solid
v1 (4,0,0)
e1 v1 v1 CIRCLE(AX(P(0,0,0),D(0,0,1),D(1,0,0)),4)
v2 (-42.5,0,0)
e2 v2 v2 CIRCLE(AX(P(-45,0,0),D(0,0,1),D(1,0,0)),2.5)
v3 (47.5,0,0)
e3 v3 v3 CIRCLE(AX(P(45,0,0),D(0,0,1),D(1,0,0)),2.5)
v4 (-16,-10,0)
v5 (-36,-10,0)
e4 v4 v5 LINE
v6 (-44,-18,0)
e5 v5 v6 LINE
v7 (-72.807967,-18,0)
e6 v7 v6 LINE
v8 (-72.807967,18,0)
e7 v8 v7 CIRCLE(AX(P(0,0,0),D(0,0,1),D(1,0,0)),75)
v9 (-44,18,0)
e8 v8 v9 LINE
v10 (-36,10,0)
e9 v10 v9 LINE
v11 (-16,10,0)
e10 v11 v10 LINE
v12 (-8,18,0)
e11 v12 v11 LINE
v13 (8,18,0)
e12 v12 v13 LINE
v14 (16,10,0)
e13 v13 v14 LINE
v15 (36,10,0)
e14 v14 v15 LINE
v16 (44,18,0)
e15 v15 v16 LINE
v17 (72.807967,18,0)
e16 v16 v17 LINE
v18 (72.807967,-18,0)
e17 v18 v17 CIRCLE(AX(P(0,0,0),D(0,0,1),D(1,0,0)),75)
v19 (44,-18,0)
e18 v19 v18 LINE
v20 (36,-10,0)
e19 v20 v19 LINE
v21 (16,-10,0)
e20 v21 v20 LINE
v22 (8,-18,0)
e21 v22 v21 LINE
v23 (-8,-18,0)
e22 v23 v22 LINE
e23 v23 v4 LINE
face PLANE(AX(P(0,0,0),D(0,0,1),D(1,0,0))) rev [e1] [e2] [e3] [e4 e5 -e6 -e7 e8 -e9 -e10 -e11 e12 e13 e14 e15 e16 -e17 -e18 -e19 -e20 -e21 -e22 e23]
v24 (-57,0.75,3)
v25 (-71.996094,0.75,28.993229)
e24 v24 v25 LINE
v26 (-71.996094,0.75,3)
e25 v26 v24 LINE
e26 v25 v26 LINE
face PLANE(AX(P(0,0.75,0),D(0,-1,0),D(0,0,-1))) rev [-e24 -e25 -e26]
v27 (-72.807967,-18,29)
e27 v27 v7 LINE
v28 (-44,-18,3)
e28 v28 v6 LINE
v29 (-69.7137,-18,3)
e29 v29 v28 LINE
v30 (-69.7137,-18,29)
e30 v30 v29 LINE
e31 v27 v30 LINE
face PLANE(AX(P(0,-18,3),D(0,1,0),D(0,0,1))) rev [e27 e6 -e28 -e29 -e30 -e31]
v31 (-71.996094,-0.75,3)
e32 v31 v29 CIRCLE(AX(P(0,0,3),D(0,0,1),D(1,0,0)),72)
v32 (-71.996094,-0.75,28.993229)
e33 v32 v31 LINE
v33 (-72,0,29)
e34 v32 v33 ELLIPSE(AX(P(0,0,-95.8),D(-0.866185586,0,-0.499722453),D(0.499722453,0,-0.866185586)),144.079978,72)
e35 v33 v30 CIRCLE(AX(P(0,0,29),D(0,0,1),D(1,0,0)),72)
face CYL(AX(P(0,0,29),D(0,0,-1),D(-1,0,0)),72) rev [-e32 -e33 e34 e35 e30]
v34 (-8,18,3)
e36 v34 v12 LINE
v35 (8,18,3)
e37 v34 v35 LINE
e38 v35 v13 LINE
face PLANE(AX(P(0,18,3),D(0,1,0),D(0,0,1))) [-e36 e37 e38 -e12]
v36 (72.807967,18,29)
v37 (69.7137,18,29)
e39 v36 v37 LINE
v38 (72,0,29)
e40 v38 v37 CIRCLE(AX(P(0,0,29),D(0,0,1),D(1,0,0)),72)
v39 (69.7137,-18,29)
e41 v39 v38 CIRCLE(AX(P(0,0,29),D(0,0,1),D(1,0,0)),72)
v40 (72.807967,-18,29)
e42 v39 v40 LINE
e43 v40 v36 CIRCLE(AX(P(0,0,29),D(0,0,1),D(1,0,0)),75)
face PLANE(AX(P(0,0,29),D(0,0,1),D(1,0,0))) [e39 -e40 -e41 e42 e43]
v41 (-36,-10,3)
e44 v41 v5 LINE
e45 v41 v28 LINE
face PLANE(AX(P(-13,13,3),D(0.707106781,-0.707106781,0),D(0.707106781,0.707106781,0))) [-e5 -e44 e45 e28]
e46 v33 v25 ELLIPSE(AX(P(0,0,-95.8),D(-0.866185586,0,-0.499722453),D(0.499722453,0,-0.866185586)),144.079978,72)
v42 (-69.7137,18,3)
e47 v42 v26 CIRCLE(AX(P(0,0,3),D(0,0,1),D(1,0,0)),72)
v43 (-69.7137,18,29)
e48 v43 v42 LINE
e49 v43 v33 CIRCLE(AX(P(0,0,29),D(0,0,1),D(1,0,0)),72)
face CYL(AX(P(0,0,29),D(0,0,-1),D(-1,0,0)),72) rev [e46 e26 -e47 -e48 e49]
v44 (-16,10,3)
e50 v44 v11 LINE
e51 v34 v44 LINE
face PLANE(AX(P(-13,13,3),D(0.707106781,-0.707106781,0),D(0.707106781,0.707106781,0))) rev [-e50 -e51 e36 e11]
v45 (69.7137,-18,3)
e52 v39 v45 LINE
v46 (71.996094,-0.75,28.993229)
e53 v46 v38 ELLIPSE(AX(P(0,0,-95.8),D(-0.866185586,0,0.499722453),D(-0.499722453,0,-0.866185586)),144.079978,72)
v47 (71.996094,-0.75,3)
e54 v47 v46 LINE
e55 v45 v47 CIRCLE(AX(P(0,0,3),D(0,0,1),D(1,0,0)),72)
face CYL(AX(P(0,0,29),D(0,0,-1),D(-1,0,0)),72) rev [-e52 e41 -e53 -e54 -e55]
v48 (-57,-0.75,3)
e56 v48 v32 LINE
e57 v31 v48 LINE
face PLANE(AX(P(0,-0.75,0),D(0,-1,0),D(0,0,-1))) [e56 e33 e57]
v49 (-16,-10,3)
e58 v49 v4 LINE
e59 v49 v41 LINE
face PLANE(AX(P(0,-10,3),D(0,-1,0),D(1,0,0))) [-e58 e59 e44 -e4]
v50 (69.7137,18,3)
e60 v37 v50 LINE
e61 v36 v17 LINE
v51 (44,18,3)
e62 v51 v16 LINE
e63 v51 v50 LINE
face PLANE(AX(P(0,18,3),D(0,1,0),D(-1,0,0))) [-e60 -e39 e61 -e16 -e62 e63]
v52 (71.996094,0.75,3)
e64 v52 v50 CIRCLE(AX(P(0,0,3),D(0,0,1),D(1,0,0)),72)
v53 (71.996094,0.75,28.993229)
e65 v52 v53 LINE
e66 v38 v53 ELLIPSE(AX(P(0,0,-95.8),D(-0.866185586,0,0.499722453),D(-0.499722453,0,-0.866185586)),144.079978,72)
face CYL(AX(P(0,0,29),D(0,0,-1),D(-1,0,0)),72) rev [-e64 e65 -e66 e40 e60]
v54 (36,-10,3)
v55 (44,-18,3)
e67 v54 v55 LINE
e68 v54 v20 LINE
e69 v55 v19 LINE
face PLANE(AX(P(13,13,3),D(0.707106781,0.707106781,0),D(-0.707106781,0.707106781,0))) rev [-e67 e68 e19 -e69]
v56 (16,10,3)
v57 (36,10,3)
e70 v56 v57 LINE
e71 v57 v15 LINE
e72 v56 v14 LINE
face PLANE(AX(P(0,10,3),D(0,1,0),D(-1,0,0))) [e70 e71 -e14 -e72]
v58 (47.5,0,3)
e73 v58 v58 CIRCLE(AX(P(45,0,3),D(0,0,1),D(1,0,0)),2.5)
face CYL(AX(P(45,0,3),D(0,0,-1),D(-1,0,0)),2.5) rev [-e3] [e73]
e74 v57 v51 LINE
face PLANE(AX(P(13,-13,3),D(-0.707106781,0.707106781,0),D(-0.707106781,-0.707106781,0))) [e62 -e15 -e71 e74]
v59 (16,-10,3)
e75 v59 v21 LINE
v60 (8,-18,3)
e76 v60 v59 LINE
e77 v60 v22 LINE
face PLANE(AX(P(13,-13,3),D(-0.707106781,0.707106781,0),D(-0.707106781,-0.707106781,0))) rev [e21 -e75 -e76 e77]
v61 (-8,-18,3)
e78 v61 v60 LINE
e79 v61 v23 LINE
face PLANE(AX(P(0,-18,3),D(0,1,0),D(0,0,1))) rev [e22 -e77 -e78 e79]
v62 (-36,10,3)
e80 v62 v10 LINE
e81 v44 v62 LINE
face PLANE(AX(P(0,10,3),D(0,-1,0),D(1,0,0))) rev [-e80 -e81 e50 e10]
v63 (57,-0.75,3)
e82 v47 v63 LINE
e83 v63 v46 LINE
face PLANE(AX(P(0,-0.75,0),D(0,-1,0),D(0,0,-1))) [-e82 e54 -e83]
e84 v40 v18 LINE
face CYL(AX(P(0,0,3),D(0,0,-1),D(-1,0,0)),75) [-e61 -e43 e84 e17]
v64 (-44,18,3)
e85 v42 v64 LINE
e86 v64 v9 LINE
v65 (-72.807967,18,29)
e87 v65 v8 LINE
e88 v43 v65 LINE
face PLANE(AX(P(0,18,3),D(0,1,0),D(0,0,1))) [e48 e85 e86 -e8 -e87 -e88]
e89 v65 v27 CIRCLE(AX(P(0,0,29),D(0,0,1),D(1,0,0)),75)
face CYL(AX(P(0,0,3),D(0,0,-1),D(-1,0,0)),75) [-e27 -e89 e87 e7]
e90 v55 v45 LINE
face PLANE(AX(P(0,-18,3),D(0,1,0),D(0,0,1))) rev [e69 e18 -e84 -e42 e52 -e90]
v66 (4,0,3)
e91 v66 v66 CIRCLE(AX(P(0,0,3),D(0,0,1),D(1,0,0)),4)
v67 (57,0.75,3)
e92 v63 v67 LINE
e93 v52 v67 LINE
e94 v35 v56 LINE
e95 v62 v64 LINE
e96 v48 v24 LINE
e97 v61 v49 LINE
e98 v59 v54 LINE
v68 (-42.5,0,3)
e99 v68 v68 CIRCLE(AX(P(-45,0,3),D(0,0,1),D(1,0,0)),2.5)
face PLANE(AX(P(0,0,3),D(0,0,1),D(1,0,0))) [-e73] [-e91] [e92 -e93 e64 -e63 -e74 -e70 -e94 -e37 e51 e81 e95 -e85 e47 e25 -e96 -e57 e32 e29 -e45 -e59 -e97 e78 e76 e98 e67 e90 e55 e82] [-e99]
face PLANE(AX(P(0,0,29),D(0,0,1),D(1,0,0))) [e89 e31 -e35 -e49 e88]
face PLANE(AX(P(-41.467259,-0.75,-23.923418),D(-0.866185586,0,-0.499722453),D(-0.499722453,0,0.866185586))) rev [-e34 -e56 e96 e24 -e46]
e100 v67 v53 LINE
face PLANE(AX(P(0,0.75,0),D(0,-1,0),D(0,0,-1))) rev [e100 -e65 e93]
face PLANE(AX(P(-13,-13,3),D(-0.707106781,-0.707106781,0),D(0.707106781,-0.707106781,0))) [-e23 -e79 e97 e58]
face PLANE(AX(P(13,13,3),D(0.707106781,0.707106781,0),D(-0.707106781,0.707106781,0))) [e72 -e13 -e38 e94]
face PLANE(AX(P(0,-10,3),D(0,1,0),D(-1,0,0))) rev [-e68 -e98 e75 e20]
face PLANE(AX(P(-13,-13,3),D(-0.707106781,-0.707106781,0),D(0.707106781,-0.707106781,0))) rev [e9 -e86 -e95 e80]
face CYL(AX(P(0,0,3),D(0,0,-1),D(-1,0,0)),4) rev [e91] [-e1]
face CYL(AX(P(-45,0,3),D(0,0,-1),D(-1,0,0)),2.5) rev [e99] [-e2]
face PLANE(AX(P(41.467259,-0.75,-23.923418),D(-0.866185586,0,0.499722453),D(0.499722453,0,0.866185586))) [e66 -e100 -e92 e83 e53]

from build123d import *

# Parameters (mm, degrees)
SKETCH1_R           = 2.5
SKETCH1_R_2         = 4
BOSS_EXTRUDE1_DEPTH = 3
BOSS_EXTRUDE2_DEPTH = 26
BOSS_EXTRUDE3_DEPTH = 0.75


with BuildPart() as part:
    # Sketch1 → Boss-Extrude1 (new body)
    with BuildSketch(Plane.XY):
        with BuildLine():
            Line((-44, 18), (-72.807966597, 18))
            ThreePointArc((-72.807966597, 18), (-75, 0), (-72.807966597, -18))
            Line((-72.807966597, -18), (-44, -18))
            Line((-44, -18), (-36, -10))
            Line((-36, -10), (-16, -10))
            Line((-16, -10), (-8, -18))
            Line((-8, -18), (8, -18))
            Line((8, -18), (16, -10))
            Line((16, -10), (36, -10))
            Line((36, -10), (44, -18))
            Line((44, -18), (72.807966597, -18))
            ThreePointArc((72.807966597, -18), (74.449974798, -9.066490645), (75, 0))
            ThreePointArc((75, 0), (74.449974798, 9.066490645), (72.807966597, 18))
            Line((72.807966597, 18), (44, 18))
            Line((44, 18), (36, 10))
            Line((36, 10), (16, 10))
            Line((16, 10), (8, 18))
            Line((8, 18), (-8, 18))
            Line((-8, 18), (-16, 10))
            Line((-16, 10), (-36, 10))
            Line((-36, 10), (-44, 18))
        make_face()
        with Locations((-45, 0)):
            Circle(SKETCH1_R, mode=Mode.SUBTRACT)
        Circle(SKETCH1_R_2, mode=Mode.SUBTRACT)
        with Locations((45, 0)):
            Circle(SKETCH1_R, mode=Mode.SUBTRACT)
    extrude(amount=BOSS_EXTRUDE1_DEPTH)

    # Sketch2 → Boss-Extrude2 (add)
    with BuildSketch(Plane.XY.offset(3)):
        with BuildLine():
            ThreePointArc((69.713700232, 18), (72, 0), (69.713700232, -18))
            Line((69.713700232, -18), (72.807966597, -18))
            ThreePointArc((72.807966597, -18), (75, 0), (72.807966597, 18))
            Line((72.807966597, 18), (69.713700232, 18))
        make_face()
        with BuildLine():
            ThreePointArc((-72.807966597, 18), (-75, 0), (-72.807966597, -18))
            Line((-72.807966597, -18), (-69.713700232, -18))
            ThreePointArc((-69.713700232, -18), (-72, 0), (-69.713700232, 18))
            Line((-69.713700232, 18), (-72.807966597, 18))
        make_face()
    extrude(amount=BOSS_EXTRUDE2_DEPTH)

    # Sketch3 → Boss-Extrude3 (add, symmetric)
    with BuildSketch(Plane(origin=(0, 0, 0), x_dir=(-1, 0, 0), z_dir=(0, -1, 0))):
        Polygon((-72, -3), (-57, -3), (-72, -29), align=None)
        Polygon((72, -29), (72, -3), (57, -3), align=None)
    boss_extrude3 = extrude(amount=BOSS_EXTRUDE3_DEPTH, both=True)

    # Mirror1: Boss-Extrude3 across plane
    add(boss_extrude3.mirror(Plane(origin=(0, 0, 0), x_dir=(0, 0, 1), z_dir=(1, 0, 0))))


solid = part.part
